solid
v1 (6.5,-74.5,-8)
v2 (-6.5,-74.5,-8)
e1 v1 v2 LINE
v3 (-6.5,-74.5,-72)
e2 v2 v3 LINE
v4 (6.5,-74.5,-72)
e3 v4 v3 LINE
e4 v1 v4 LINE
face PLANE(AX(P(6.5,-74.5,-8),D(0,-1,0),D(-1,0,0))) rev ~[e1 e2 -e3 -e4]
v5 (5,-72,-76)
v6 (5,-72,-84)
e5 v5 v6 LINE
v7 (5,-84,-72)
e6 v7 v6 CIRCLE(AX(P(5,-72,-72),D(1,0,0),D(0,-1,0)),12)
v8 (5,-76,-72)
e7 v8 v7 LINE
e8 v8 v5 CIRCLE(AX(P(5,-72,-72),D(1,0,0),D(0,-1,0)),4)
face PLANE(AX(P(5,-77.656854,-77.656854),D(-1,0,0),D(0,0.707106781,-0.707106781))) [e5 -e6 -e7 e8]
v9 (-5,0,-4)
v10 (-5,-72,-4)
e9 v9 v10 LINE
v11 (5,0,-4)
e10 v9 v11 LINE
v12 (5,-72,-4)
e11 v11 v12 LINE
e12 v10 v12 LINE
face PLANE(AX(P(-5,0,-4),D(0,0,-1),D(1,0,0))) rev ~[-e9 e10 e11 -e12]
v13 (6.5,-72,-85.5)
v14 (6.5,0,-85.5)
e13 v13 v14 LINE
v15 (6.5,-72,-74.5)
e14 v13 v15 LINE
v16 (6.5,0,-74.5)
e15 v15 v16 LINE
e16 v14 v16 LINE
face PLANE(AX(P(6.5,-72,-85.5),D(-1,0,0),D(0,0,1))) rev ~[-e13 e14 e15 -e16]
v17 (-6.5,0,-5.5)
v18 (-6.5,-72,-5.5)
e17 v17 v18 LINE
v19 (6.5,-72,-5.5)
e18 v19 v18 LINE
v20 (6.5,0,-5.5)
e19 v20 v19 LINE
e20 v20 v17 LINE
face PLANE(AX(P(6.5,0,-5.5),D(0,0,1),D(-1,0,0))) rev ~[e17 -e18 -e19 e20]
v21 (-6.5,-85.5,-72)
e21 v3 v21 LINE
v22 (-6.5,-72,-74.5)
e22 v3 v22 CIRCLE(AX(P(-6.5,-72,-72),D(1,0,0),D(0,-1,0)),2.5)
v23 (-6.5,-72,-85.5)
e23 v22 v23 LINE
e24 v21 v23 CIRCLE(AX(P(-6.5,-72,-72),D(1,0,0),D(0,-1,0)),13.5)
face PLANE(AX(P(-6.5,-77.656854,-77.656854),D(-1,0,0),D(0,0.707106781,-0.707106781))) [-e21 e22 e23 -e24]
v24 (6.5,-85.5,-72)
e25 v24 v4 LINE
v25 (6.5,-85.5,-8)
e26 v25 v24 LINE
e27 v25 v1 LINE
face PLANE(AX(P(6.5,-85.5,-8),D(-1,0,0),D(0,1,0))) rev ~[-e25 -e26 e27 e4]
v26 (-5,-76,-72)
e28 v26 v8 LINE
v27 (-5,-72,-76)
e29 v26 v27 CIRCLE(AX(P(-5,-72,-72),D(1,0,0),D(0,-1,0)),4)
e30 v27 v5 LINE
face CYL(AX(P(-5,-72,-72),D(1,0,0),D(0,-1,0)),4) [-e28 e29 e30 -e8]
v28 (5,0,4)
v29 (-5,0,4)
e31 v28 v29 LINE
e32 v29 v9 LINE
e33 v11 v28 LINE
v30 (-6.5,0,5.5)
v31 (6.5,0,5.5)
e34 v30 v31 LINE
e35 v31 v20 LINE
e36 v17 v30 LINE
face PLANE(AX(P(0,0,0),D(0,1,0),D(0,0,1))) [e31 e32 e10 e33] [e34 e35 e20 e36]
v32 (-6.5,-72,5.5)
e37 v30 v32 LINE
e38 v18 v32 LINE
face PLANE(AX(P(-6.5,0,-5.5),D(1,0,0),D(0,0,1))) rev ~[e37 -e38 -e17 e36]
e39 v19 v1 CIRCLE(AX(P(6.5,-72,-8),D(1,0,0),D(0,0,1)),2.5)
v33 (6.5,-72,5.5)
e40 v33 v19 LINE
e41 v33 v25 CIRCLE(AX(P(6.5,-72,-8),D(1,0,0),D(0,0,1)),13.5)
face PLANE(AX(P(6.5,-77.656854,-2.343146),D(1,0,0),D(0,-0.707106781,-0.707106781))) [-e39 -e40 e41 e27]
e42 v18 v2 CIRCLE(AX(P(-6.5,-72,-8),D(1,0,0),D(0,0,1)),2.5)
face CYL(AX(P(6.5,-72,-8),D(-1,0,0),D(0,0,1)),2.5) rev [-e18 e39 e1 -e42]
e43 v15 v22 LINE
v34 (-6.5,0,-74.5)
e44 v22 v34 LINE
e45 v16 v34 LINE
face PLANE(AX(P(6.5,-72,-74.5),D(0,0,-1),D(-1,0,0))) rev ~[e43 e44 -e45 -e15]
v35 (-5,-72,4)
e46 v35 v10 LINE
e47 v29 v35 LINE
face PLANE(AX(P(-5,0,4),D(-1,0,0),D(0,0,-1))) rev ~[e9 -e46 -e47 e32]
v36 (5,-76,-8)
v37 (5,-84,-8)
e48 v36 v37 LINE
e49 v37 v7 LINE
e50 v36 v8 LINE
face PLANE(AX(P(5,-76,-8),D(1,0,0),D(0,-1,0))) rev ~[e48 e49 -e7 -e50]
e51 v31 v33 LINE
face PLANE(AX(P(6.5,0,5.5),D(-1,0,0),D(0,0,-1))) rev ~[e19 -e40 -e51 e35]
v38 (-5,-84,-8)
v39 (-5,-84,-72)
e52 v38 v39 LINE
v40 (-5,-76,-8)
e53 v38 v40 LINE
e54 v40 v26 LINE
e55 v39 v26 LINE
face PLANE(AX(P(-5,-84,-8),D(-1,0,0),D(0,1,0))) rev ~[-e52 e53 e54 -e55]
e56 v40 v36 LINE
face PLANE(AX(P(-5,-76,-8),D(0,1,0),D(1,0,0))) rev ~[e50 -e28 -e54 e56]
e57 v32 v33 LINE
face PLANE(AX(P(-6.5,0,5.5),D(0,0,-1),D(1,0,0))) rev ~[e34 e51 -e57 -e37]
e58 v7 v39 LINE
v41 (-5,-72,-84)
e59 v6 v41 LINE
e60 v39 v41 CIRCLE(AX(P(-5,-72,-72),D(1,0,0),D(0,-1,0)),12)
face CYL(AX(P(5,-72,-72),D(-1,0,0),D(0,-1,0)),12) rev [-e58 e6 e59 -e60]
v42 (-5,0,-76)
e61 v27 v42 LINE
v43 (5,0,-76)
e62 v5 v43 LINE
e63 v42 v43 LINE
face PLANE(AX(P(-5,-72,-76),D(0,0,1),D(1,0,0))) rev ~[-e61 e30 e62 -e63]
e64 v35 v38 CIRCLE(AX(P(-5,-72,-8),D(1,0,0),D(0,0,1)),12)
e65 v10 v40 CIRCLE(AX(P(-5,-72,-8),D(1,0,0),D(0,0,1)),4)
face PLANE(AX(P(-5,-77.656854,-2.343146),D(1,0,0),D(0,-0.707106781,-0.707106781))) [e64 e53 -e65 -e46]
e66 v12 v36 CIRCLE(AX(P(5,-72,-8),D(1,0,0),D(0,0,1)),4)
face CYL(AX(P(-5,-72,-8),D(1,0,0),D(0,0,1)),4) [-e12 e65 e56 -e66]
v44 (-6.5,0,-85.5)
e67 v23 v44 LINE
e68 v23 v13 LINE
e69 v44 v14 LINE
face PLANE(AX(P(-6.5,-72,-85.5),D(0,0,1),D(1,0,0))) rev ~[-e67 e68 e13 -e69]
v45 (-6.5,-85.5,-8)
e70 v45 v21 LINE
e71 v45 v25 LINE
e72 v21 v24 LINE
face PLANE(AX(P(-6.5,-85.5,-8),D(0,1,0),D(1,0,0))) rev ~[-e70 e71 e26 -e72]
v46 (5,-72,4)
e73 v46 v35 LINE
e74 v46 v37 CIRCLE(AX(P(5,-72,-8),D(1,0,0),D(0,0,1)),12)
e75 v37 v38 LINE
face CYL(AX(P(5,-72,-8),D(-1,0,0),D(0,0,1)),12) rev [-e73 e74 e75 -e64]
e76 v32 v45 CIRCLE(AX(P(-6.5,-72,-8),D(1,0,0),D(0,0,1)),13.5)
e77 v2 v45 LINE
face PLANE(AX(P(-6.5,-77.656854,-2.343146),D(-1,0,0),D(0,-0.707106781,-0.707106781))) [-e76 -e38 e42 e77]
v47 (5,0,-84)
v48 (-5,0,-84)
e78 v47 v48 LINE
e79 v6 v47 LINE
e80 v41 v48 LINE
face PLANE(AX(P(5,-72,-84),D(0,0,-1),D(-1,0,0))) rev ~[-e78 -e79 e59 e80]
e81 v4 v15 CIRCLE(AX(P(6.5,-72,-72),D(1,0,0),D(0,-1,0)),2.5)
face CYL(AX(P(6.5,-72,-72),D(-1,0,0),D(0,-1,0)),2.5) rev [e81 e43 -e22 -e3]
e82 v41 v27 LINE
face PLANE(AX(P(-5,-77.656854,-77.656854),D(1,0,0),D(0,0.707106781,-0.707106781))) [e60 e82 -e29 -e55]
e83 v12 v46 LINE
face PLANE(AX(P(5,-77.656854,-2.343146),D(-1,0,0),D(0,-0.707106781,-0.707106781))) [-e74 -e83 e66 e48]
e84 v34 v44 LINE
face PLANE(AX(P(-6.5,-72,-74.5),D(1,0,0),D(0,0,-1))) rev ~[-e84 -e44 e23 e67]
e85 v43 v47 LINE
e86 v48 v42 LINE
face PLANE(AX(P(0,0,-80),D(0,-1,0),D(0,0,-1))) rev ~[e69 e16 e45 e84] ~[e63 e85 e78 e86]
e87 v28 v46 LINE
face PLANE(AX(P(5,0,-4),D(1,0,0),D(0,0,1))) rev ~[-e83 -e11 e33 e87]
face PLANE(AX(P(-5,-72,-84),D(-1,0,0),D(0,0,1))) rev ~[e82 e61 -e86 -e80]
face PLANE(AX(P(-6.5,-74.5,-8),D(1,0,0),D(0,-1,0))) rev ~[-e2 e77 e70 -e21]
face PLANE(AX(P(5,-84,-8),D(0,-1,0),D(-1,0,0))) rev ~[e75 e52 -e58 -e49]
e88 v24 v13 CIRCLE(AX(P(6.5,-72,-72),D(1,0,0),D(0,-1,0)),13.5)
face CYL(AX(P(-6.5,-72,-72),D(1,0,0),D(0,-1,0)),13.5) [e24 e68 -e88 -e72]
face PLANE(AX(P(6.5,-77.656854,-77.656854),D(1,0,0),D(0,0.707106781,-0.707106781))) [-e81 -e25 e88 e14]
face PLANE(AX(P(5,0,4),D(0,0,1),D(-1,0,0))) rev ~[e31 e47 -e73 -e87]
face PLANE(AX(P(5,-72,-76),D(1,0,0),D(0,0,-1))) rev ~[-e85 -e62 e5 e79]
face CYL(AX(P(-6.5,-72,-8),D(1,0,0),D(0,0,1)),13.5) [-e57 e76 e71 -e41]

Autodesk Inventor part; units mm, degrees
ref_plane "YZ Plane" through (0, 0, 0) normal (1, 0, 0) x (0, 1, 0)
ref_plane "XZ Plane" through (0, 0, 0) normal (0, 1, 0) x (-1, 0, 0)
ref_plane "XY Plane" through (0, 0, 0) normal (0, 0, 1) x (1, 0, 0)
sketch "Sketch1" plane through (0, 0, 0) normal (1, 0, 0) x (0, 1, 0)
  line L0 (0, 0) -> (-72, 0)
  line L1 (-80, -8) -> (-80, -72)
  line L2 (-72, -80) -> (0, -80)
  arc A0 (-72, 0) -> (-80, -8) centre (-72, -8) ccw
  arc A1 (-80, -72) -> (-72, -80) centre (-72, -72) ccw
  point P0 (-80, 0)
  point P1 (-80, -80)
  dimension "d0" = 80
  dimension "d1" = 80
  dimension "d2" = 80
  dimension "d3" = 8
sketch "Sketch2" plane through (0, 0, 0) normal (0, 1, 0) x (-1, 0, 0)
  line L0 (5, -4) -> (-5, -4)
  line L1 (-5, -4) -> (-5, 4)
  line L2 (-5, 4) -> (5, 4)
  line L3 (5, 4) -> (5, -4)
  line L4 (5, -4) -> (-5, 4) construction
  line L5 (-5, -4) -> (5, 4) construction
  line L6 (-6.5, -5.5) -> (6.5, -5.5)
  line L7 (6.5, -5.5) -> (6.5, 5.5)
  line L8 (6.5, 5.5) -> (-6.5, 5.5)
  line L9 (-6.5, 5.5) -> (-6.5, -5.5)
  point P0 (0, 0)
  dimension "d4" = 10
  dimension "d5" = 8
  dimension "d6" = 1.5
sweep "Sweep1" add profiles "Sketch2" path "Sketch1"
